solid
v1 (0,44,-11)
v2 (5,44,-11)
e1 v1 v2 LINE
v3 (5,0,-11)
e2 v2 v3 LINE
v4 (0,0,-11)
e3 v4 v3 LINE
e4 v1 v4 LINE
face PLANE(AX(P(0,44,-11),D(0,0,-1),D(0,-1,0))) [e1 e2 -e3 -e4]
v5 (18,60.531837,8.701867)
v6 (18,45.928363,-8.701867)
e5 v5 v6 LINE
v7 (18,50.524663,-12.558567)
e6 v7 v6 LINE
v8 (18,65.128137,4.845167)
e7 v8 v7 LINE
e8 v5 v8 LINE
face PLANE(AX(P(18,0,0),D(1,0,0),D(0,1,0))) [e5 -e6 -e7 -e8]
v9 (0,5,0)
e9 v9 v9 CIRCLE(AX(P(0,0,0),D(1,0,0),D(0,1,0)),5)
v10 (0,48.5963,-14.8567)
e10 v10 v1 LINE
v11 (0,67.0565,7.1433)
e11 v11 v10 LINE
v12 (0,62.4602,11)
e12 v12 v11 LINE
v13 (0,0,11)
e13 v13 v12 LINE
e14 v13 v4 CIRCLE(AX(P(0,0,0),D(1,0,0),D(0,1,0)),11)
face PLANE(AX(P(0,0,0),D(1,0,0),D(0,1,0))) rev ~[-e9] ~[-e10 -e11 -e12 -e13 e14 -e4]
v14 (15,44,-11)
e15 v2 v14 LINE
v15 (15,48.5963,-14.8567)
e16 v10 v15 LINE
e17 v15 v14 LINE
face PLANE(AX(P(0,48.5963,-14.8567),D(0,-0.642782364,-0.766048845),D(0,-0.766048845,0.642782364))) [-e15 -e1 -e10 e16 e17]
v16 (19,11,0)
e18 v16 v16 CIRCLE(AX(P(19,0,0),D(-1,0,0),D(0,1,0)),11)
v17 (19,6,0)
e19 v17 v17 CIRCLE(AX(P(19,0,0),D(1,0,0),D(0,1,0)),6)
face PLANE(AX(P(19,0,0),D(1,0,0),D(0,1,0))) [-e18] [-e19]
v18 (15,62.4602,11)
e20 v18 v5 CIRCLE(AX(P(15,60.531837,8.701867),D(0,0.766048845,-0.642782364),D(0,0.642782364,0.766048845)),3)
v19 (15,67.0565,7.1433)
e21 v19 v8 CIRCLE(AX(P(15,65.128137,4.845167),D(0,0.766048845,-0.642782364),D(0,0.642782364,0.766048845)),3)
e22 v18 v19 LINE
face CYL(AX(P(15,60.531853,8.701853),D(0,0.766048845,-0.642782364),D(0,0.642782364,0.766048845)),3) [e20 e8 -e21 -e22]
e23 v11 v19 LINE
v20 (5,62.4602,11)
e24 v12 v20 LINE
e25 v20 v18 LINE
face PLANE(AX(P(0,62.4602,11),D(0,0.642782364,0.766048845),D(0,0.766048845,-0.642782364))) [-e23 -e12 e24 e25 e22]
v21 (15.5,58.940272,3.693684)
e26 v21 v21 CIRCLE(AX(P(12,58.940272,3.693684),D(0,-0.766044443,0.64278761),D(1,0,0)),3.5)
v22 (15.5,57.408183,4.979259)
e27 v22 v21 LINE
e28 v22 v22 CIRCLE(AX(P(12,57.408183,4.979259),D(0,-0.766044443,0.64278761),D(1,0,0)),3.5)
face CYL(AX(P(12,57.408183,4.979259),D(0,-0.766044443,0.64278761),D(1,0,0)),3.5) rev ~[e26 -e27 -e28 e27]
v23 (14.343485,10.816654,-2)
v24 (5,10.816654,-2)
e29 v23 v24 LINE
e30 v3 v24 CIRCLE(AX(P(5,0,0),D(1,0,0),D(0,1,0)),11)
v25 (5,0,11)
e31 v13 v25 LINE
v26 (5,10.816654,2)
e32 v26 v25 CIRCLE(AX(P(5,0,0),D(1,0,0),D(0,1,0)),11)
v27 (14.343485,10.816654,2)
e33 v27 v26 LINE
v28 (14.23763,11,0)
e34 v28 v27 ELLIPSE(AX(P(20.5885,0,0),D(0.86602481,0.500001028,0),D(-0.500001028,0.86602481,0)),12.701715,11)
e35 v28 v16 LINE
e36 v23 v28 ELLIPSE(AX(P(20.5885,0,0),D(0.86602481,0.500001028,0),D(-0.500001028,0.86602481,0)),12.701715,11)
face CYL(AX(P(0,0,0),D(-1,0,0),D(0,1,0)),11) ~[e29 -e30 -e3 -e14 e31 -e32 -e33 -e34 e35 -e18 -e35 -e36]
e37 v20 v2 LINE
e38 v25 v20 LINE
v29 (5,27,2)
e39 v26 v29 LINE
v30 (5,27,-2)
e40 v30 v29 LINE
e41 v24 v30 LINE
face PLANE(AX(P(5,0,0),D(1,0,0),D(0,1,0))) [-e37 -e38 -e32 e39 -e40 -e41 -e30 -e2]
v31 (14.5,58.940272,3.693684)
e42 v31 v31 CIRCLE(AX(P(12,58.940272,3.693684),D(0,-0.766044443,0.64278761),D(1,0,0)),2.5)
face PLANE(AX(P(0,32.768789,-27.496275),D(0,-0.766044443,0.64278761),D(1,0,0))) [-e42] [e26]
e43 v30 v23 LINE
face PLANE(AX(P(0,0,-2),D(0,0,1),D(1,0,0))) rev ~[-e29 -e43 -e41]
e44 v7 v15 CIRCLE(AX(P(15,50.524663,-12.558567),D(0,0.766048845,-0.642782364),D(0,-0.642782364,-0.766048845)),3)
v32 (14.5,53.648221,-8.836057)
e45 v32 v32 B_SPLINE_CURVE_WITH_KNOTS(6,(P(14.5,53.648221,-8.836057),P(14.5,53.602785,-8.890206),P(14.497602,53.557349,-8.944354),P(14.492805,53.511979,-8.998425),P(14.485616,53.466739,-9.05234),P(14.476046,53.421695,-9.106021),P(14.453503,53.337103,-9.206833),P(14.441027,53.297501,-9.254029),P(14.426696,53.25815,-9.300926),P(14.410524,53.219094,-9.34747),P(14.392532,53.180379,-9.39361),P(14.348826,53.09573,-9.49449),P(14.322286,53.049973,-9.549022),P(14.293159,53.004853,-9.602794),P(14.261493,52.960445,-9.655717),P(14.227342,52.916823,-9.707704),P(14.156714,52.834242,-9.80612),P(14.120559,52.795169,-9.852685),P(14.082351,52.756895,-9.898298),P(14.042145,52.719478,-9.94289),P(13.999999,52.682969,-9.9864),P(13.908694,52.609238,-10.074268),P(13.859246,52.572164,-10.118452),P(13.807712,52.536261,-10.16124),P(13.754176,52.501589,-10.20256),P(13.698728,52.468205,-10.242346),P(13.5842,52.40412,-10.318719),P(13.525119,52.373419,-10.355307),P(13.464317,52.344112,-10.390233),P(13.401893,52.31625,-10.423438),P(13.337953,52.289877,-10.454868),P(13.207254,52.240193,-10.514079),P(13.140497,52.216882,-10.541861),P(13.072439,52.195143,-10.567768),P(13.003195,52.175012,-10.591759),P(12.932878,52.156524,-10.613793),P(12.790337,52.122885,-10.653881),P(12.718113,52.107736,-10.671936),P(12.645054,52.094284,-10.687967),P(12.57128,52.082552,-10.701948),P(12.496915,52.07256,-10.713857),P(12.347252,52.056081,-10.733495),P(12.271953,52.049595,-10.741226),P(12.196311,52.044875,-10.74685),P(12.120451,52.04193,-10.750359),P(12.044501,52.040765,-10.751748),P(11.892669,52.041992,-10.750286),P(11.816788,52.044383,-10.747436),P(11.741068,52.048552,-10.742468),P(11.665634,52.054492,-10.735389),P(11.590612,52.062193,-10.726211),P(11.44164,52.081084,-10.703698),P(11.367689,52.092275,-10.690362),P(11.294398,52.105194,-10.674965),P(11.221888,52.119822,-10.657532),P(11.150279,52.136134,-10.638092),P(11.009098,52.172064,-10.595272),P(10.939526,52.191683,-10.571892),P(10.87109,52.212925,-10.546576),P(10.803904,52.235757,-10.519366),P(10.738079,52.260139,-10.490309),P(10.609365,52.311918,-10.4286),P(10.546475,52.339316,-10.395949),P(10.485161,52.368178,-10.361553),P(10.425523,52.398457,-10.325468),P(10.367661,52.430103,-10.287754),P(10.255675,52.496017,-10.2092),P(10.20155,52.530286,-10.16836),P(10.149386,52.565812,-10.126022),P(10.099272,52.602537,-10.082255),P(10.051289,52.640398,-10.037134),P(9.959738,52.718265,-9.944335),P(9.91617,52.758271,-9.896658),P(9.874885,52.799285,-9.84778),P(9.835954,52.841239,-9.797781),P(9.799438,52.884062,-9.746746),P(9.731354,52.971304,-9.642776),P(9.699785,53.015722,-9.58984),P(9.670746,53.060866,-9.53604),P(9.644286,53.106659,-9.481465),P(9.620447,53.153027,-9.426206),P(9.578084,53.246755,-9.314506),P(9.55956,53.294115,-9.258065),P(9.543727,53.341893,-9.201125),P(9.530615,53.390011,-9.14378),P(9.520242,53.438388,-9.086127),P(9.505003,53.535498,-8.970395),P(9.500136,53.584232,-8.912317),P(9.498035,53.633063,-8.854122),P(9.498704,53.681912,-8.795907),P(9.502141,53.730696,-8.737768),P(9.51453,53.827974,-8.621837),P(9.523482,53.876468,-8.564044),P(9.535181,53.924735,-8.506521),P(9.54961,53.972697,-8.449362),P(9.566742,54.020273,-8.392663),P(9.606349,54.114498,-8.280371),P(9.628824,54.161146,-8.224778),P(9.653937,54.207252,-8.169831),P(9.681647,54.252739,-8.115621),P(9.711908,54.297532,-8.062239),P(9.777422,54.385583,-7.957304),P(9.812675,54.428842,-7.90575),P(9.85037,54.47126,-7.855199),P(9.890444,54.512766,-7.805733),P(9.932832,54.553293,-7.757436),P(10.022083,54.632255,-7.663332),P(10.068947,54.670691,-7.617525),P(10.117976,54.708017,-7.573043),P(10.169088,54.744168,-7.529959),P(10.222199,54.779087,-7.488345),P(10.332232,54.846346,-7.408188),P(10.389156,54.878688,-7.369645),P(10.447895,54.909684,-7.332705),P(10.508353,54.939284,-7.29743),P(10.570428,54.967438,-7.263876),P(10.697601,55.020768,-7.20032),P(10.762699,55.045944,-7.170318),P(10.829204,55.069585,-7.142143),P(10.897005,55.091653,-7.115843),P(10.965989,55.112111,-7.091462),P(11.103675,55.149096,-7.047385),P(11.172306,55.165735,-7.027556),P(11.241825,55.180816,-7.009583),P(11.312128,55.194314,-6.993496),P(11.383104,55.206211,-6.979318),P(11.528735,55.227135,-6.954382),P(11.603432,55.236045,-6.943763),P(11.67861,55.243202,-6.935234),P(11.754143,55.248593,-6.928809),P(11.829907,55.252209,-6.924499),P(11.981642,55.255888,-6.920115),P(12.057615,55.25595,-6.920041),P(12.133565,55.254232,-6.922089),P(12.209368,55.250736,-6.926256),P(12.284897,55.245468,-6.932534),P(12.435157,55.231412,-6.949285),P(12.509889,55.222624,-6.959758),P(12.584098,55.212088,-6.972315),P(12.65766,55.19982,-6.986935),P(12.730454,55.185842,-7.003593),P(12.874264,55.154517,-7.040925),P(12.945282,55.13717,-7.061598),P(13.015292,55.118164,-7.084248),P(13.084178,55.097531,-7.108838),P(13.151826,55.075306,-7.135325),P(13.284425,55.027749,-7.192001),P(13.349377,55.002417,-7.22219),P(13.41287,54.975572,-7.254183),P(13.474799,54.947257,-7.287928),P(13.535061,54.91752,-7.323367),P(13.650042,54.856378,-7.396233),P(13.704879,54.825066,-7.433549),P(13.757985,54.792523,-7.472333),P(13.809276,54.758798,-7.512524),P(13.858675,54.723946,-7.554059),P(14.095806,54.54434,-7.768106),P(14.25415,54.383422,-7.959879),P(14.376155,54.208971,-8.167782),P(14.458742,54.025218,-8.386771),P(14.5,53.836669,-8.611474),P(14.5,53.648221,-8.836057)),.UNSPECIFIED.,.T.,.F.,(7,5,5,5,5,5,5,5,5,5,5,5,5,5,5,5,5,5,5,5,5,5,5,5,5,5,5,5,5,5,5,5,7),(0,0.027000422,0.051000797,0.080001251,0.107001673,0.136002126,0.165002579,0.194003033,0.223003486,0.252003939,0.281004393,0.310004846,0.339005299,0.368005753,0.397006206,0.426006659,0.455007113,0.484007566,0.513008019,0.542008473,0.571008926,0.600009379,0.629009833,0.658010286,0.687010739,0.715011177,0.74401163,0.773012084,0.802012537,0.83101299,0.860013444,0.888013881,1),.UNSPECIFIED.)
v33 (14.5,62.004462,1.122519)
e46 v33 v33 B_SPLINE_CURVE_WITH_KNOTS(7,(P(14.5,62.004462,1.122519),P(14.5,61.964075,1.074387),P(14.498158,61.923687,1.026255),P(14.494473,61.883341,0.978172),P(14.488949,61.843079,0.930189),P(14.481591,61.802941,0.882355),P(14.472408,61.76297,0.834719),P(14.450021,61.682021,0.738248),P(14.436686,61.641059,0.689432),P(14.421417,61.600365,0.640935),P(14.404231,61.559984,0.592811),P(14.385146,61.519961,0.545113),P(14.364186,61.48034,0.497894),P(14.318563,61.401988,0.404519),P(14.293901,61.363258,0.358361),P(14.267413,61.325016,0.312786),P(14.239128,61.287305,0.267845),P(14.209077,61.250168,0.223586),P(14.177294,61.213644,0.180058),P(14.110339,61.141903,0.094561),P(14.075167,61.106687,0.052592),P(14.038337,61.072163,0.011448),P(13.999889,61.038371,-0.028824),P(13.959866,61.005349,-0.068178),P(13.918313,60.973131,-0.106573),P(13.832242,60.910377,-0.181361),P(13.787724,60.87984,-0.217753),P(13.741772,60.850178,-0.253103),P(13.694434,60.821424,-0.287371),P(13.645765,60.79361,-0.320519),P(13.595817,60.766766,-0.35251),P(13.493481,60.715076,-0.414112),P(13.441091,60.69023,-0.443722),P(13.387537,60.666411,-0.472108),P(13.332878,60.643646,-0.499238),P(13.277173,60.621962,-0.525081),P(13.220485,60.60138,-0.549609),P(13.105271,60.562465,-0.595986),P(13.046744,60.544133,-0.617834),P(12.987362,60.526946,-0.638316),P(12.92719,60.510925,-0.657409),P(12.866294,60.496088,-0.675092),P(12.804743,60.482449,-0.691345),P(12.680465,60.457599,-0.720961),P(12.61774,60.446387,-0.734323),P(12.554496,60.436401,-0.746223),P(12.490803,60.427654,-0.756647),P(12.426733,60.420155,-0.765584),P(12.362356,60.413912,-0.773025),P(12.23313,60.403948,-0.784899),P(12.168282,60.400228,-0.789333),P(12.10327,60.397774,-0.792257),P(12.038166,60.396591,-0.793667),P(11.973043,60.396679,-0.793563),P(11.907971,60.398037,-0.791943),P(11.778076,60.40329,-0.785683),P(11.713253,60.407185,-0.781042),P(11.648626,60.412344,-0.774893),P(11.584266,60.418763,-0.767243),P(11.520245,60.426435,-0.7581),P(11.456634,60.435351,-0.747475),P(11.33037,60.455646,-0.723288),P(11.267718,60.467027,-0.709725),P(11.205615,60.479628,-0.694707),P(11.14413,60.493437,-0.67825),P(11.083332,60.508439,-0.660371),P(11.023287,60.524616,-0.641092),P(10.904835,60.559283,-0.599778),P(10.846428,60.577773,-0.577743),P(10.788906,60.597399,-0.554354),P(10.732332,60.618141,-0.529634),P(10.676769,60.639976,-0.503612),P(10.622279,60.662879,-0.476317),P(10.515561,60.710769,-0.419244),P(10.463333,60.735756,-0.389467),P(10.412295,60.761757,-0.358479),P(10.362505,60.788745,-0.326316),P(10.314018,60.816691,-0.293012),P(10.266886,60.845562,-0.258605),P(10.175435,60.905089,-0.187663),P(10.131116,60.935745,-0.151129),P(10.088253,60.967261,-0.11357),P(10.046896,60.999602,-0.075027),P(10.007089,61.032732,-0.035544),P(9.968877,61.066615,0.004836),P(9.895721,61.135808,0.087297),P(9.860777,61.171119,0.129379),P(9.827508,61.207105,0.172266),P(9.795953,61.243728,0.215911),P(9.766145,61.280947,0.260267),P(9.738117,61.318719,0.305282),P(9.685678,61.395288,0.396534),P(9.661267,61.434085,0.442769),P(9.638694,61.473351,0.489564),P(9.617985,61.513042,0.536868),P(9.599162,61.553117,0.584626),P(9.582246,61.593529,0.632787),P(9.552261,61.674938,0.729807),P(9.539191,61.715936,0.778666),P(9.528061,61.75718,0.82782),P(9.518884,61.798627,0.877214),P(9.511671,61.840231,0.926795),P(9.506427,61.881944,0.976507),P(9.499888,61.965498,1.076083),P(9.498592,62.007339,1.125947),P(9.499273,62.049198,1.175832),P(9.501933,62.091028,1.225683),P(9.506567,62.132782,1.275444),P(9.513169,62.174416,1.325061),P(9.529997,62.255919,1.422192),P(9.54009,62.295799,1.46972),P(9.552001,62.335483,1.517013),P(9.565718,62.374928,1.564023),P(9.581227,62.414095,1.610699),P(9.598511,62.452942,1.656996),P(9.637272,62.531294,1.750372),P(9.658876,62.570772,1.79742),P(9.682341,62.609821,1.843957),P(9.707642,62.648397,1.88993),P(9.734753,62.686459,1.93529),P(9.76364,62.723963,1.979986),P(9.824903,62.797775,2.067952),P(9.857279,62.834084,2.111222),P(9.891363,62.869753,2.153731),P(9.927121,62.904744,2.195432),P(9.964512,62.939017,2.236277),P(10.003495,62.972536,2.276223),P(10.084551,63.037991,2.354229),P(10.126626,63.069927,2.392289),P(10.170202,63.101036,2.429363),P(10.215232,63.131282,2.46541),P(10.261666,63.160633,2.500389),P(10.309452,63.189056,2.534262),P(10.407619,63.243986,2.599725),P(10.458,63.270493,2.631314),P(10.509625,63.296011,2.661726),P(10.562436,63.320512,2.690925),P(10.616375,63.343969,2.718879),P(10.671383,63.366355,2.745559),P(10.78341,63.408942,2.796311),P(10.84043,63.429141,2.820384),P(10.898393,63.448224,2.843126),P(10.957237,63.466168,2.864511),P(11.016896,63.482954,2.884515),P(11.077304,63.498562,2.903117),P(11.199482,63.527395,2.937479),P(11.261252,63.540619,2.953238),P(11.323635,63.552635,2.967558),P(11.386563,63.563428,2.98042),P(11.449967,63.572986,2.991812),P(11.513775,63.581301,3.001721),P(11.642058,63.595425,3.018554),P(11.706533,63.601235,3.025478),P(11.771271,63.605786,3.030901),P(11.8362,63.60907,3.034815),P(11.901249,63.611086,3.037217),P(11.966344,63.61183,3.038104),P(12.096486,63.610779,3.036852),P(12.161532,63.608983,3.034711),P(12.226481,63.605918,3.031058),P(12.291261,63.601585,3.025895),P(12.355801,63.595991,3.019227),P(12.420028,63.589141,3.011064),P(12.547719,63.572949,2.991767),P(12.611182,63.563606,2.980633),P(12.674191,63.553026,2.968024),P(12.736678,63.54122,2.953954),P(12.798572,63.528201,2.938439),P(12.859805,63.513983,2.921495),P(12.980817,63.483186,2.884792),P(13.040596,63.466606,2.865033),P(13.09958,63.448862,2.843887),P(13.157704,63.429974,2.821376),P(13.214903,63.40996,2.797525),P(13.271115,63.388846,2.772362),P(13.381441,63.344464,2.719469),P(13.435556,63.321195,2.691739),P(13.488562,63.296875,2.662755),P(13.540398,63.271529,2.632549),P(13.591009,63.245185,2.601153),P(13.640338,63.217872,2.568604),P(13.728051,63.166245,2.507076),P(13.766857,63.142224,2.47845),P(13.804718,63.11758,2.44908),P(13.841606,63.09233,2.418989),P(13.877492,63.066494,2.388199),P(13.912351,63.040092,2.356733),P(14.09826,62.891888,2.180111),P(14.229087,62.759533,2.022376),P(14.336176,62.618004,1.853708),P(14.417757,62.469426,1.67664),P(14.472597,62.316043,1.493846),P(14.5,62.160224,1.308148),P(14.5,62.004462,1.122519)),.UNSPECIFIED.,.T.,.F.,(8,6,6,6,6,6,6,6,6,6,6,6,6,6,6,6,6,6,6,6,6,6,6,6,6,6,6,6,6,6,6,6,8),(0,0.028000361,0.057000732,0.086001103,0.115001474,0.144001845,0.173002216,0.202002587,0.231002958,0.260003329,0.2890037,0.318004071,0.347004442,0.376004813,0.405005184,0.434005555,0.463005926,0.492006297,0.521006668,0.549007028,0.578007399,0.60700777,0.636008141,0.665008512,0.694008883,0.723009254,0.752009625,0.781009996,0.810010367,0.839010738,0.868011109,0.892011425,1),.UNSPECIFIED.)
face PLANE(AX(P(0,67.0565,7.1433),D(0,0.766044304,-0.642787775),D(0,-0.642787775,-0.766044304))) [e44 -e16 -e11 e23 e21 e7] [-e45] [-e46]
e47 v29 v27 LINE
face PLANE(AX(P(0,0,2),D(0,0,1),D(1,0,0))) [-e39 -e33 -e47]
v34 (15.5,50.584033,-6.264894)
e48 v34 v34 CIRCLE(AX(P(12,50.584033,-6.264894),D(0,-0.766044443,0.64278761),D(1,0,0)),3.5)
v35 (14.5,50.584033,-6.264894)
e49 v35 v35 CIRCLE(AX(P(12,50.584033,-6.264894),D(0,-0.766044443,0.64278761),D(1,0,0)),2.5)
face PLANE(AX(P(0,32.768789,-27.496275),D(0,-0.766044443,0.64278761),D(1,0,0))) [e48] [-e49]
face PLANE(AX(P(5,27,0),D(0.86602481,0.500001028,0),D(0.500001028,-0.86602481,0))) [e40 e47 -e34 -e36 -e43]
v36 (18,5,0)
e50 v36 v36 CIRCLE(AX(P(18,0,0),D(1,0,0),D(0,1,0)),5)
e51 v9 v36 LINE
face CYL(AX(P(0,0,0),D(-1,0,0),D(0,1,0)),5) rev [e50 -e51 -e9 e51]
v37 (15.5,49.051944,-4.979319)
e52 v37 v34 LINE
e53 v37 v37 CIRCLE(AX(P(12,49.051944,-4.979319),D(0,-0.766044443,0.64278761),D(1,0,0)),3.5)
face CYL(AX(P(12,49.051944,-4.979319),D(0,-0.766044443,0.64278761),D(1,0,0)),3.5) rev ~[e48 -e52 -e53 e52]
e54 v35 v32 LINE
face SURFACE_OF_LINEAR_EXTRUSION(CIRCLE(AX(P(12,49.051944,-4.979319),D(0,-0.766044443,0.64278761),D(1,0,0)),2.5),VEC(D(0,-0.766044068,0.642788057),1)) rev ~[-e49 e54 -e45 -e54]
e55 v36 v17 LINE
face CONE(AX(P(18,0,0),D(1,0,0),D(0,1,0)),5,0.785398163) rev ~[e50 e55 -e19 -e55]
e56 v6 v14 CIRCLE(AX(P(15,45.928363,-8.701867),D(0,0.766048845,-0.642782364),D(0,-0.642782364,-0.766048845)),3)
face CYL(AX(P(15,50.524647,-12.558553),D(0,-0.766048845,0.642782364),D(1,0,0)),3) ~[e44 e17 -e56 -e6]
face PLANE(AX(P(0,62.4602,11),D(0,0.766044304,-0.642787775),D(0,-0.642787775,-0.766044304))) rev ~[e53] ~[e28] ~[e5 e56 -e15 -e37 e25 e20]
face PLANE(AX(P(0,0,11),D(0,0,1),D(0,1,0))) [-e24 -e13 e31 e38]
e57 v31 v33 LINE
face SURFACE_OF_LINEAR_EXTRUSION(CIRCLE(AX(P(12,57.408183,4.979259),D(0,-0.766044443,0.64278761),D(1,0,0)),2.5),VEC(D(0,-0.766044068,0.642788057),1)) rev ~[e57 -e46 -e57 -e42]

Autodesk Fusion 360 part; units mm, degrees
sketch "草图1" plane through (0, 0, 0) normal (1, 0, 0) x (0, 1, 0)
  circle A0 centre (0, 0) radius 5
  circle A1 centre (0, 0) radius 11
  line L0 (0, 11) -> (62.4602, 11)
  line L1 (62.4602, 11) -> (44, -11)
  line L2 (44, -11) -> (0, -11)
  line L3 (62.4602, 11) -> (67.0565, 7.1433)
  line L4 (67.0565, 7.1433) -> (48.5963, -14.8567)
  line L5 (48.5963, -14.8567) -> (44, -11)
  dimension "d1" = 22
  dimension "d2" = 10
  dimension "d3" = 44
  dimension "d4" = 130
  dimension "d5" = 6
extrude "拉伸1" add sketch "草图1" along normal blind 19 contours A1 makes body 1
extrude "拉伸2" add sketch "草图1" along normal blind 5 contours A1 L0 L1 L2 bodies 1
extrude "拉伸3" add sketch "草图1" along normal blind 18 contours L1 L3 L4 L5 bodies 1
fillet "圆角1" radius 3 2 edges at (18, 64.7583, 9.0716) (18, 46.2981, -12.9284) on bodies 1
chamfer "倒角1" distance 1 angle 45 1 edges at (19, -4.6616, 1.8081) on bodies 1
sketch "草图2" plane through (0, 31.2367, -26.2107) normal (0, -0.766, 0.6428) x (1, 0, 0)
  arc A0 (15, 19.8562) -> (18, 22.8562) centre (15, 22.8562) ccw
  line L0 (18, 22.8562) -> (18, 45.5751)
  arc A1 (18, 45.5751) -> (15, 48.5751) centre (15, 45.5751) ccw
  line L1 (15, 48.5751) -> (5, 48.5751)
  line L2 (5, 48.5751) -> (5, 19.8562)
  line L3 (5, 19.8562) -> (15, 19.8562)
  line L4 (18, 34.2156) -> (5, 34.2156) construction
  circle A2 centre (12, 40.7156) radius 3.5
  circle A3 centre (12, 40.7156) radius 2.5
  circle A4 centre (12, 27.7156) radius 3.5
  circle A5 centre (12, 27.7156) radius 2.5
  dimension "d15" = 7
  dimension "d16" = 5
  dimension "d17" = 6
  dimension "d18" = 13
extrude "拉伸4" cut sketch "草图2" against normal blind 2 contours A2 | A4 bodies 1
extrude "拉伸5" cut 2 faces at (13.1784, 57.6864, 5.3108) (12.6885, 49.3537, -4.6197) along direction (0, 0.766044, -0.642788) blind 50 on bodies 1 bodies 1
sketch "草图3" plane through (0, 0, 0) normal (0, 0, 1) x (1, 0, 0)
  line L0 (5, 27) -> (20.5885, 0)
  line L1 (20.5885, 0) -> (5, 0)
  line L2 (5, 0) -> (5, 27)
  dimension "d23" = 5
  dimension "d24" = 27
  dimension "d25" = 30
extrude "拉伸6" add sketch "草图3" along normal mid plane 4 separate body makes body 2
extrude "拉伸7" cut sketch "草图1" along normal blind 43 contours A0 bodies 2
combine "合并1" operation add target body 1 tool bodies 2
